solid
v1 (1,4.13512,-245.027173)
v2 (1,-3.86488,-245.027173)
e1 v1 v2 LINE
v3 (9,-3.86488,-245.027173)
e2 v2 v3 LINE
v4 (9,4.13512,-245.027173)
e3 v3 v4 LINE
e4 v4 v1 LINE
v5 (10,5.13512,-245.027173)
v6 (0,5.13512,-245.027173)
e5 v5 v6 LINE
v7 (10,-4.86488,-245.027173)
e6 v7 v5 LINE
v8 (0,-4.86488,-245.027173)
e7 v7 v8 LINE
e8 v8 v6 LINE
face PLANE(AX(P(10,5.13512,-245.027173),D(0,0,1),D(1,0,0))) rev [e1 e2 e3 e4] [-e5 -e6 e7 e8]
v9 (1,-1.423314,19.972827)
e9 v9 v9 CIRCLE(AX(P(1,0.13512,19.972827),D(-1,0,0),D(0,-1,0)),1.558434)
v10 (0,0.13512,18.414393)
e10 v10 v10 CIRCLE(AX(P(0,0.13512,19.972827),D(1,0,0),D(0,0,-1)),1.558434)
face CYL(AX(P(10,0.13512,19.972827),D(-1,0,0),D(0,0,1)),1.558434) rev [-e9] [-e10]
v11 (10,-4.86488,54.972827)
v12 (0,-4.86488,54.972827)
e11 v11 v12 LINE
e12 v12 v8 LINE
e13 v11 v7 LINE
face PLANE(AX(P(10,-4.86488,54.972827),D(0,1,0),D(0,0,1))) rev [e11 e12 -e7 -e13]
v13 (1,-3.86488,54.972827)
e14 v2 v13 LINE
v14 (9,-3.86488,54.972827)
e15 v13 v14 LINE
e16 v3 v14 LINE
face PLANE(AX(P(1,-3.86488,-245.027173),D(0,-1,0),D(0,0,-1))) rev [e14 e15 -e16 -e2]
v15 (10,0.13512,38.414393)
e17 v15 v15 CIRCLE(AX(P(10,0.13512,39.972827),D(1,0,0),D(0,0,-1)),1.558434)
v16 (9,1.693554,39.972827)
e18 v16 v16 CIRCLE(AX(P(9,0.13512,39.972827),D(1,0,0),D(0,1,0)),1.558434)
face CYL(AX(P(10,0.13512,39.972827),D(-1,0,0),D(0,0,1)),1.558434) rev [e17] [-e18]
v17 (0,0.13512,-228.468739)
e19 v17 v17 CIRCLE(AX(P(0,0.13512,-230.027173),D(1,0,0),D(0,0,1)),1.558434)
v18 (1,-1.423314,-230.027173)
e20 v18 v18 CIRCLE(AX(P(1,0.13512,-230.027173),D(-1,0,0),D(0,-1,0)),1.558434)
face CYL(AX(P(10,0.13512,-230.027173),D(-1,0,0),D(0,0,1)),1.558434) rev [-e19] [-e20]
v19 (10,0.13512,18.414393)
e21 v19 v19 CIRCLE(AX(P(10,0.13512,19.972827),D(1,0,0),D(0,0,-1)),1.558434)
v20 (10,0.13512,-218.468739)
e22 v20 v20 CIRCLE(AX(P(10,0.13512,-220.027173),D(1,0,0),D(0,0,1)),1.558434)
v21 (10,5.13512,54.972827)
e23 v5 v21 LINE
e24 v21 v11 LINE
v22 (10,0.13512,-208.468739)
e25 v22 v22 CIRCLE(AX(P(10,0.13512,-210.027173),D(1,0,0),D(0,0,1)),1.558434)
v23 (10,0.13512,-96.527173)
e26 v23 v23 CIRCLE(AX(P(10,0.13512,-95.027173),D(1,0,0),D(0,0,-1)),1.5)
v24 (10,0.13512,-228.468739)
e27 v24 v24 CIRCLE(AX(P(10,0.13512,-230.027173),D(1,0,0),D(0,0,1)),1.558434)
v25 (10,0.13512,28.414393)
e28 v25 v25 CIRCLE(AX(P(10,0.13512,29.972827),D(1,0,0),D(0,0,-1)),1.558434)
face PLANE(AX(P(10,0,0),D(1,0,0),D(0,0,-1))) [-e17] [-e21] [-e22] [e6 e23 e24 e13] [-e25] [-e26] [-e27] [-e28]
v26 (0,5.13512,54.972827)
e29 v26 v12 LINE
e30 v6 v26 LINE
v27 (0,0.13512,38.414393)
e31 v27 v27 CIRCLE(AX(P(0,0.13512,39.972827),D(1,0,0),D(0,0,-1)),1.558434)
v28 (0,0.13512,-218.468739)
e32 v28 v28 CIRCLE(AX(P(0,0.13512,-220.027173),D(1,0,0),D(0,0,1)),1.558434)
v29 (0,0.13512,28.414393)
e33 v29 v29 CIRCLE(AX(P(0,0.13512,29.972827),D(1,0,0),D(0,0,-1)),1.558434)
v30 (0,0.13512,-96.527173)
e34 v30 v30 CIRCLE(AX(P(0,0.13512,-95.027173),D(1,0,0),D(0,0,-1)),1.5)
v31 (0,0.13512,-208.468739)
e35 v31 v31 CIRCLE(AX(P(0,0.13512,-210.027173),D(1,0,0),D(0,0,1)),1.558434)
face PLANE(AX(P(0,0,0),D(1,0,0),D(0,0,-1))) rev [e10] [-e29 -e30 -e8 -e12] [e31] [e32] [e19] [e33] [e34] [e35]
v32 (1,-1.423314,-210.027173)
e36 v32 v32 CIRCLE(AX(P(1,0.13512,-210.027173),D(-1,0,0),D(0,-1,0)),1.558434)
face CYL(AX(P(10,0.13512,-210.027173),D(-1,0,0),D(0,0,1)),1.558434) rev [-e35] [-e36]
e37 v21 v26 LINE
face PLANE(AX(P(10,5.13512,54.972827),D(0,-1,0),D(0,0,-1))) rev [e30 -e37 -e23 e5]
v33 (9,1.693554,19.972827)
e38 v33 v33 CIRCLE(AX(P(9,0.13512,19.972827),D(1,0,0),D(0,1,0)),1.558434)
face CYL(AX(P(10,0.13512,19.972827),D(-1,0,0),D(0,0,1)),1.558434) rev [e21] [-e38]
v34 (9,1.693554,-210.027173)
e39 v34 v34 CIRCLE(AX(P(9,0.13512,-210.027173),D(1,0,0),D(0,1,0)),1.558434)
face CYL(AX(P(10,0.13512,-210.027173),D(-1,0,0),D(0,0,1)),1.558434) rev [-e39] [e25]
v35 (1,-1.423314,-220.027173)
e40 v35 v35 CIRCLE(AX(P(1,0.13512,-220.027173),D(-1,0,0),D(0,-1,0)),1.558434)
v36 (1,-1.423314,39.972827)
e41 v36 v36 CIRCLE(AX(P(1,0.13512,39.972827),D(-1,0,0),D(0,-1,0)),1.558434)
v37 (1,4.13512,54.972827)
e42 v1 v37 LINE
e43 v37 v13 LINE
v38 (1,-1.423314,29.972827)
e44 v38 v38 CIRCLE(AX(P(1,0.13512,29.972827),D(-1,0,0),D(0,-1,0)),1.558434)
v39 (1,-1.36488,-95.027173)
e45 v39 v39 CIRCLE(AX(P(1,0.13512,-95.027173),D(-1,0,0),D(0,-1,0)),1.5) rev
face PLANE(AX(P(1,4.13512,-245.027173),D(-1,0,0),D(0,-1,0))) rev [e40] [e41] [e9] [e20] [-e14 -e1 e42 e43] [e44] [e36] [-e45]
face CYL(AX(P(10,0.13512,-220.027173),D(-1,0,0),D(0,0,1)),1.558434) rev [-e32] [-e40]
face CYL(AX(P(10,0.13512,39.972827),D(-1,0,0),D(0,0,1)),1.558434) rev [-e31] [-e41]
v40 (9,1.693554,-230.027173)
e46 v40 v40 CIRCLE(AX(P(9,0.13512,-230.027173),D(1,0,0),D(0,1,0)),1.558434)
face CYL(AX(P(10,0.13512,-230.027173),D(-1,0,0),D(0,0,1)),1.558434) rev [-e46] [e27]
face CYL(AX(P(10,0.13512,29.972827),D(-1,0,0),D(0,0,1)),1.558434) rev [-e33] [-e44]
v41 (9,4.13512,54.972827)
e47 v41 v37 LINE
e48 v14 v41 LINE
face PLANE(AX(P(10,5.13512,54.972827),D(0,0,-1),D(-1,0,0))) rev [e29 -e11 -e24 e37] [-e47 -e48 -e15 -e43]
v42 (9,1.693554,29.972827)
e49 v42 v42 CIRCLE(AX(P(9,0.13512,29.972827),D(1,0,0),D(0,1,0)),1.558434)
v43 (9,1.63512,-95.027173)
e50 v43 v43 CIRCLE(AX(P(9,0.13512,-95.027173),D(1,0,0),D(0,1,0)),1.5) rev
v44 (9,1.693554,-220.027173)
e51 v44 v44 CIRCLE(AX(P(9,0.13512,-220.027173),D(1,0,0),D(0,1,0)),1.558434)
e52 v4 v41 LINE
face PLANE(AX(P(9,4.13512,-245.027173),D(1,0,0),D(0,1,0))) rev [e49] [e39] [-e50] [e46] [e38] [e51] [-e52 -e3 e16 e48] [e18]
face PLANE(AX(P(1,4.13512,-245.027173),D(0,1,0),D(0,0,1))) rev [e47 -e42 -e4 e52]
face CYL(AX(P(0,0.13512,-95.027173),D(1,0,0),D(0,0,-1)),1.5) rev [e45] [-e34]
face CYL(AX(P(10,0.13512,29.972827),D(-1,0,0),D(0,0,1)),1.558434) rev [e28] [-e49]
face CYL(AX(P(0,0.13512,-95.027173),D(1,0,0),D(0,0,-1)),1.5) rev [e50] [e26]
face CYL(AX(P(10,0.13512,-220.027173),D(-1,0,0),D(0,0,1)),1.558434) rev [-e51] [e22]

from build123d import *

# Parameters (mm, degrees)
SKETCH_1_W          = 300
SKETCH_1_H          = 10
SKETCH_1_R          = 1.558433933
EXTRUDE_4_DEPTH     = 10
SKETCH_5_R          = 1.5
CUT_EXTRUDE_1_DEPTH = 10
SKETCH_9_W          = 8
SKETCH_9_H          = 8
CUT_EXTRUDE_4_DEPTH = 300


with BuildPart() as part:
    # 草图1 → 凸台-拉伸4 (new body)
    with BuildSketch(Plane(origin=(0, 0, 0), x_dir=(0, 0, -1), z_dir=(1, 0, 0))):
        with Locations((95.027173063, 0.135119806)):
            Rectangle(SKETCH_1_W, SKETCH_1_H)
        with Locations((-39.972826937, 0.135119806)):
            Circle(SKETCH_1_R, mode=Mode.SUBTRACT)
        with Locations((-29.972826937, 0.135119806)):
            Circle(SKETCH_1_R, mode=Mode.SUBTRACT)
        with Locations((-19.972826937, 0.135119806)):
            Circle(SKETCH_1_R, mode=Mode.SUBTRACT)
        with Locations((210.027173063, 0.135119806)):
            Circle(SKETCH_1_R, mode=Mode.SUBTRACT)
        with Locations((220.027173063, 0.135119806)):
            Circle(SKETCH_1_R, mode=Mode.SUBTRACT)
        with Locations((230.027173063, 0.135119806)):
            Circle(SKETCH_1_R, mode=Mode.SUBTRACT)
    extrude(amount=EXTRUDE_4_DEPTH)

    # 草图5 → 切除-拉伸1 (cut)
    with BuildSketch(Plane(origin=(10, 0, 0), x_dir=(0, 0, -1), z_dir=(1, 0, 0))):
        with Locations((95.027173063, 0.135119806)):
            Circle(SKETCH_5_R)
    extrude(amount=-CUT_EXTRUDE_1_DEPTH, mode=Mode.SUBTRACT)

    # 草图9 → 切除-拉伸4 (cut)
    with BuildSketch(Plane.XY.offset(54.972826937)):
        with Locations((5, 0.135119806)):
            Rectangle(SKETCH_9_W, SKETCH_9_H)
    extrude(amount=-CUT_EXTRUDE_4_DEPTH, mode=Mode.SUBTRACT)


solid = part.part
